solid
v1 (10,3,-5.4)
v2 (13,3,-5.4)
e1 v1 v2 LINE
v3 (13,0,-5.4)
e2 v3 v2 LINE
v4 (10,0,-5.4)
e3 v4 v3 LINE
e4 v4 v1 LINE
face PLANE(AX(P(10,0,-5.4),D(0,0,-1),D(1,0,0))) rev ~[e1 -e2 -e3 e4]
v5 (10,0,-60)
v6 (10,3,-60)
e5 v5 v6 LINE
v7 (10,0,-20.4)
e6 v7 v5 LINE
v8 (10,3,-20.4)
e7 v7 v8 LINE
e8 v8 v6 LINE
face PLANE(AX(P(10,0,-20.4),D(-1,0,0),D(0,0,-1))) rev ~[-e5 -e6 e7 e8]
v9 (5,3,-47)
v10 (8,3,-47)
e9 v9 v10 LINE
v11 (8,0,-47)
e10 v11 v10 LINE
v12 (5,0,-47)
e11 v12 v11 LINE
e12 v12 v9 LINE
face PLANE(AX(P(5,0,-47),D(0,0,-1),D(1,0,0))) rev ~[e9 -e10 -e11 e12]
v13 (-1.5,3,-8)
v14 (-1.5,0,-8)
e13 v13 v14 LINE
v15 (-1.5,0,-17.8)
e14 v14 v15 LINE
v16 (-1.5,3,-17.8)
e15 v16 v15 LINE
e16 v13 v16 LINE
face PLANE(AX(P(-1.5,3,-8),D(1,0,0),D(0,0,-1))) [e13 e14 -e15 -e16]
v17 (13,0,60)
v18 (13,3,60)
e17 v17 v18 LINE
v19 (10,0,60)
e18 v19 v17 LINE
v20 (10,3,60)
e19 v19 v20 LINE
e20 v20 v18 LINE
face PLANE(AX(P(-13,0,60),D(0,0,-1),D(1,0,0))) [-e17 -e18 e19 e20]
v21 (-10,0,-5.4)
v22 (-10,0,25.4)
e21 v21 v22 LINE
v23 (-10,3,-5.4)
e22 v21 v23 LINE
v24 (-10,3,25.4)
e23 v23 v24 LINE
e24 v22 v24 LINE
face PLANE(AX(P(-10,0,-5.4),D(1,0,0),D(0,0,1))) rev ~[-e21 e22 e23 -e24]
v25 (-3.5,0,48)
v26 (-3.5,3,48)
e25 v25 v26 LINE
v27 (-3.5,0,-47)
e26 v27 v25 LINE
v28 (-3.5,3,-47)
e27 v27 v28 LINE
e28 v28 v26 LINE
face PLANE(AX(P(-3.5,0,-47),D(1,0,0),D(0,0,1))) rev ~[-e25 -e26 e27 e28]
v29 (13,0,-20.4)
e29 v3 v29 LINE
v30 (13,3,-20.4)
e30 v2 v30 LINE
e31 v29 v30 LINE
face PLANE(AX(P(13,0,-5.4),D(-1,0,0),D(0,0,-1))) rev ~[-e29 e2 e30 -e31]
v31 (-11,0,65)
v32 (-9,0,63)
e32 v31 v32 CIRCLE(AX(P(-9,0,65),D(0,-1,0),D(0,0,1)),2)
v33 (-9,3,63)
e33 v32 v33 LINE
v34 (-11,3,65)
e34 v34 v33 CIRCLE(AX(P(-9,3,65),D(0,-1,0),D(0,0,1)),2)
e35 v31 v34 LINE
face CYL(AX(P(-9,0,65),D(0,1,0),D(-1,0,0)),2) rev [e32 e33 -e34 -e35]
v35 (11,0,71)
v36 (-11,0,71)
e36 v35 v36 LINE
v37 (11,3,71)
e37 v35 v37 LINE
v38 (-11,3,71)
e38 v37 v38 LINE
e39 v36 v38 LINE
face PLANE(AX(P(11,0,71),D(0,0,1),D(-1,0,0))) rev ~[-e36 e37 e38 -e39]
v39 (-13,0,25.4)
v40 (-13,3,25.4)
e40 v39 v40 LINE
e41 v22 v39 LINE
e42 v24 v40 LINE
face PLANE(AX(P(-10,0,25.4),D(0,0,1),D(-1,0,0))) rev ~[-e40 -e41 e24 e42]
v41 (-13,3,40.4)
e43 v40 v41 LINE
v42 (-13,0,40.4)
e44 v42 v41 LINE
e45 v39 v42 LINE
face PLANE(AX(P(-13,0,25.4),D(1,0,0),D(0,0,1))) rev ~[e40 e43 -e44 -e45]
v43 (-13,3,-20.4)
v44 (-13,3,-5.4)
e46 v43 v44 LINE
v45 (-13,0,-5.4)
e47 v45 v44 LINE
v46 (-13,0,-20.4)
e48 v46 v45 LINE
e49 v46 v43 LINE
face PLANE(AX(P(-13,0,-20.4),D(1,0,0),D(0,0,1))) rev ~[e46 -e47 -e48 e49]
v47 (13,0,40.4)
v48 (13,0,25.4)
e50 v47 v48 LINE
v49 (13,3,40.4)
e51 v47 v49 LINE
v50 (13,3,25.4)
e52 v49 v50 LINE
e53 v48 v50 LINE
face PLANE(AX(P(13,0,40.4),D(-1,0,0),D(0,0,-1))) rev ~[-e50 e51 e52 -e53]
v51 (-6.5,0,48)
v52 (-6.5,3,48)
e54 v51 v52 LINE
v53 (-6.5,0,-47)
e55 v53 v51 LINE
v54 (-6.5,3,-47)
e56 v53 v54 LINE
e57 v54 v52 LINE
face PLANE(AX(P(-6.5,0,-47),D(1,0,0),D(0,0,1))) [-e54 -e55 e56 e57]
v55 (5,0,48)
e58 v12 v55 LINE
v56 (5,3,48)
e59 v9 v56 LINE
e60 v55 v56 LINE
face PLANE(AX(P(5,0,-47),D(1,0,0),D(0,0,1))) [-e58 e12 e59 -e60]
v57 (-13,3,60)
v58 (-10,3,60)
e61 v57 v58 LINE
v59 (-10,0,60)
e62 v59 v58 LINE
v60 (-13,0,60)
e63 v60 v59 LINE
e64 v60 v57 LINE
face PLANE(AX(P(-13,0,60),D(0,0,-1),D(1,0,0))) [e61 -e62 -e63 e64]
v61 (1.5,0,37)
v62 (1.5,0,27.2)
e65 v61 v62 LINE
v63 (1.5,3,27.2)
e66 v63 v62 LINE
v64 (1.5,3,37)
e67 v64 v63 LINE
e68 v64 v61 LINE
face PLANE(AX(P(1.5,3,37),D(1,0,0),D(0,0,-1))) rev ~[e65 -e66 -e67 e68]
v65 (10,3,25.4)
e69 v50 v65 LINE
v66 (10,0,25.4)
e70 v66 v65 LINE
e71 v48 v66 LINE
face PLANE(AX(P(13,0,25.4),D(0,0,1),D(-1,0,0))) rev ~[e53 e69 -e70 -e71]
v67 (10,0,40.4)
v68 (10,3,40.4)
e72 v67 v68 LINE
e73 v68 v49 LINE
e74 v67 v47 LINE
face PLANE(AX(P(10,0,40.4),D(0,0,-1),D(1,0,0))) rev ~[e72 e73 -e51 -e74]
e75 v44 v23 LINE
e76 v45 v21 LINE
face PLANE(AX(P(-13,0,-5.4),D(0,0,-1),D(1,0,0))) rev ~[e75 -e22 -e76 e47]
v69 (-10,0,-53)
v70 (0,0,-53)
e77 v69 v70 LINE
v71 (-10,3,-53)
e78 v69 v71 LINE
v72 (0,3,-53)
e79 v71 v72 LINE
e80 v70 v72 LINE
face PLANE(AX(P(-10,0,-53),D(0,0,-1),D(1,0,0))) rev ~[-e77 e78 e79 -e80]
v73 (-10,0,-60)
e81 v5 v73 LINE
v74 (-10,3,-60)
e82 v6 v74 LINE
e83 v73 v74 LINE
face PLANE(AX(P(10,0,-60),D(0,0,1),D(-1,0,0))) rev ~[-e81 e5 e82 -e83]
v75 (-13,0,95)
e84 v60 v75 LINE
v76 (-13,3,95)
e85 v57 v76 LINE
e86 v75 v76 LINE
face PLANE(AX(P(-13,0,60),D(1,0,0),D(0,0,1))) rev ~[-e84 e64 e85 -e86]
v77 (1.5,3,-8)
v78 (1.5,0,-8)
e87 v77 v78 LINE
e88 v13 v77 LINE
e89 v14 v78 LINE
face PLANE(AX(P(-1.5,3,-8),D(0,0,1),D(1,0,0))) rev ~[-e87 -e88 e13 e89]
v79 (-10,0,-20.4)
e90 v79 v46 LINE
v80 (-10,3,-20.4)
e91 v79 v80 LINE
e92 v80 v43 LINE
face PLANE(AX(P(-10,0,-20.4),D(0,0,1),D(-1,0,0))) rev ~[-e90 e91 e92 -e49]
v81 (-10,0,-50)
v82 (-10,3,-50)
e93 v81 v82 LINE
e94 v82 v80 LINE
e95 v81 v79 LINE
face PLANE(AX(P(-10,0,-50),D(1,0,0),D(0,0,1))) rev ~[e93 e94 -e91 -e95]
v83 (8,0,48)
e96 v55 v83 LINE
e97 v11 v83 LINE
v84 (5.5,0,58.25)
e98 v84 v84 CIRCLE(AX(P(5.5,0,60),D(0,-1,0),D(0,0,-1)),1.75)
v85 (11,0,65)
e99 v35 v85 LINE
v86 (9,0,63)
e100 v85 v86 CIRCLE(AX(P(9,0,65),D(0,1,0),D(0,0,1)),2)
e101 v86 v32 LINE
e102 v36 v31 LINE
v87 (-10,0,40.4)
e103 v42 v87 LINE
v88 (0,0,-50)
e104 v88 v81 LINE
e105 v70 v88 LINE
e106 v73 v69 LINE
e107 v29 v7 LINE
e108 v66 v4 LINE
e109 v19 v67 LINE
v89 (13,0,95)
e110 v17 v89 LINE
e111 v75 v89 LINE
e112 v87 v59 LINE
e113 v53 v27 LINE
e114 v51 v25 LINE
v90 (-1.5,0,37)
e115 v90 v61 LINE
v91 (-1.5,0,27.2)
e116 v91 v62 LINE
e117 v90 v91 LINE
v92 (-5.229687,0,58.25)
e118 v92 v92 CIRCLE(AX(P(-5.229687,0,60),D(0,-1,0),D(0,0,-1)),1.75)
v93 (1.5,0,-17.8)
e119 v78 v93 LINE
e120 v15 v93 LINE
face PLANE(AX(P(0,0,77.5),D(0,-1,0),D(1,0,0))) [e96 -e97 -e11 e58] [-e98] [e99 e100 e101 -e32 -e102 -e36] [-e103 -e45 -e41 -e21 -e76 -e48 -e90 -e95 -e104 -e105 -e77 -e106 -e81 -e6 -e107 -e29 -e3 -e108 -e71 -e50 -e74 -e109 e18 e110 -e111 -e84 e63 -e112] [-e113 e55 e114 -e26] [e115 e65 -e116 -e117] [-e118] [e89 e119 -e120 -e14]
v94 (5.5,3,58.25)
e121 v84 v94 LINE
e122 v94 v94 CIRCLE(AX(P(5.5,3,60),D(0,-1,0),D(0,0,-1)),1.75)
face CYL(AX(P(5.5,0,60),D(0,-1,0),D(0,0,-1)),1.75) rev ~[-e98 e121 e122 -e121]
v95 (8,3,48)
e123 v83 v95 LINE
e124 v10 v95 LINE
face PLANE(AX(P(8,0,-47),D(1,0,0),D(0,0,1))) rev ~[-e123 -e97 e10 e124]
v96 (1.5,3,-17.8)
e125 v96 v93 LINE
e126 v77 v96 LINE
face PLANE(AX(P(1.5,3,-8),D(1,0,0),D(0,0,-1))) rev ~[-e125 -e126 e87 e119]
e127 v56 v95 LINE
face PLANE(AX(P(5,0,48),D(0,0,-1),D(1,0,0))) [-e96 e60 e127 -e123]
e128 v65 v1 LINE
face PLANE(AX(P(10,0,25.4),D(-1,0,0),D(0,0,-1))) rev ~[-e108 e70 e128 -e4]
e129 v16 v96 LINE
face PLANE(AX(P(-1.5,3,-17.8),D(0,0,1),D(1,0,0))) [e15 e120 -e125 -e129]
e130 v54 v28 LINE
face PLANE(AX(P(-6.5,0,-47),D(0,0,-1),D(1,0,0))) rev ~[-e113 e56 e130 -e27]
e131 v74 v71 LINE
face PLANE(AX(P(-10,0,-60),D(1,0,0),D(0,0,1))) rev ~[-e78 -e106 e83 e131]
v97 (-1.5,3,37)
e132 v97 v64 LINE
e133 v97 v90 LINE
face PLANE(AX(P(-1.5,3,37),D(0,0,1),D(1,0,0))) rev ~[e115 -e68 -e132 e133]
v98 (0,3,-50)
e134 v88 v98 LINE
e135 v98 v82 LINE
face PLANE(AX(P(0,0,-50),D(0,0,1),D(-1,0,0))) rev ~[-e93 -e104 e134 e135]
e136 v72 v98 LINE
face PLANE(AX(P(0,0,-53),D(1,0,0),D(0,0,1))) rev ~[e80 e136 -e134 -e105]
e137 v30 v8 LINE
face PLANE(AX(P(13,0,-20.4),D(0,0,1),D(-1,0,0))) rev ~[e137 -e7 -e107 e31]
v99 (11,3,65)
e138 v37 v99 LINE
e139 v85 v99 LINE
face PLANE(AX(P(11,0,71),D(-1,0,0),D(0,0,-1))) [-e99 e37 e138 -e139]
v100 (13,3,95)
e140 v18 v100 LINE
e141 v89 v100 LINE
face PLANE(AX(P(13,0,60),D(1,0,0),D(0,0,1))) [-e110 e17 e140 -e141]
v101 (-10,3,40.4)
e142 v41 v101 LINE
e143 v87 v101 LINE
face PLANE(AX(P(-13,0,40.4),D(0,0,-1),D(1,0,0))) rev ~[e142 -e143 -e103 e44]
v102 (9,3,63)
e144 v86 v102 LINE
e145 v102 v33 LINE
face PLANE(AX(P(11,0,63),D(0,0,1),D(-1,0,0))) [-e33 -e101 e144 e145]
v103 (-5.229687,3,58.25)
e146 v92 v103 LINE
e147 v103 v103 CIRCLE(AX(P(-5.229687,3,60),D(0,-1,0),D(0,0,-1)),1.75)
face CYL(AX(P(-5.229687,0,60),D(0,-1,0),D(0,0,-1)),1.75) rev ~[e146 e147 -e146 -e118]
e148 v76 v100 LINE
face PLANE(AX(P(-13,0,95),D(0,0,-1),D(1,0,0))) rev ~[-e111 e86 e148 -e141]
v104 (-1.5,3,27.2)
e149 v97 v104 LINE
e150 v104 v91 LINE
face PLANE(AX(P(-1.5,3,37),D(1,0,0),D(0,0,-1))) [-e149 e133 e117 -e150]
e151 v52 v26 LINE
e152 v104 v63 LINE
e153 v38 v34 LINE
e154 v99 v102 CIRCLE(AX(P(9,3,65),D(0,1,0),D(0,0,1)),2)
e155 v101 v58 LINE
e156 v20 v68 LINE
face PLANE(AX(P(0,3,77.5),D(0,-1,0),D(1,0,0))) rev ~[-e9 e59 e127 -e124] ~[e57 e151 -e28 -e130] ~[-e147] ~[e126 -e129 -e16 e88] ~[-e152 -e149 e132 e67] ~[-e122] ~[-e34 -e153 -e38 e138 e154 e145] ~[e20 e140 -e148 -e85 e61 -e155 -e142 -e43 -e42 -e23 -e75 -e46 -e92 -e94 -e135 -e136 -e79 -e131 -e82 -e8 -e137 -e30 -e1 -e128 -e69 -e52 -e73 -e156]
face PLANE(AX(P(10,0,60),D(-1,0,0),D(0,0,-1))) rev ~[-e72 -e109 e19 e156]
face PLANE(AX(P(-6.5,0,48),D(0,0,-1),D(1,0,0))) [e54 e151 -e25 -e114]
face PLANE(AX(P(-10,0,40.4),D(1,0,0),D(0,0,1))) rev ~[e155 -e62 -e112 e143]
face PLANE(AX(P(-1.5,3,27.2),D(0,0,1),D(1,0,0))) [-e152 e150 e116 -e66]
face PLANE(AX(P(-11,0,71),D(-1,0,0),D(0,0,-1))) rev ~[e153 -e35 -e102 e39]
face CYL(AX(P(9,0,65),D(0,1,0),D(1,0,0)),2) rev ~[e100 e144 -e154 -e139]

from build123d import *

# Parameters (mm, degrees)
EXTRUDE_1_DEPTH     = 3
SKETCH_3_W          = 3
SKETCH_3_H          = 9.8
CUT_EXTRUDE_1_DEPTH = 10
SKETCH_4_W          = 26
SKETCH_4_H          = 35
EXTRUDE_2_DEPTH     = 3
SKETCH_5_W          = 22
SKETCH_5_H          = 8
CUT_EXTRUDE_2_DEPTH = 19
SKETCH_6_W          = 3
SKETCH_6_H          = 95
CUT_EXTRUDE_3_DEPTH = 25
FILLET_1_R          = 2
SKETCH_7_R          = 1.75
CUT_EXTRUDE_4_DEPTH = 10
SKETCH_8_R          = 1.75
SKETCH_8_W          = 3
SKETCH_8_H          = 95
CUT_EXTRUDE_5_DEPTH = 10


with BuildPart() as part:
    # Эскиз2 → Бобышка-Вытянуть1 (new body)
    with BuildSketch(Plane(origin=(0, 0, 0), x_dir=(1, 0, 0), z_dir=(0, 1, 0))):
        Polygon((-10, -60), (10, -60), (10, -40.4), (13, -40.4), (13, -25.4), (10, -25.4), (10, 5.4), (13, 5.4), (13, 20.4), (10, 20.4), (10, 60), (-10, 60), (-10, 53), (0, 53), (0, 50), (-10, 50), (-10, 20.4), (-13, 20.4), (-13, 5.4), (-10, 5.4), (-10, -25.4), (-13, -25.4), (-13, -40.4), (-10, -40.4), align=None)
    extrude(amount=EXTRUDE_1_DEPTH)

    # Эскиз3 → Вырез-Вытянуть1 (cut)
    with BuildSketch(Plane(origin=(0, 3, 0), x_dir=(1, 0, 0), z_dir=(0, 1, 0))):
        with Locations((0, 12.9)):
            Rectangle(SKETCH_3_W, SKETCH_3_H)
        with Locations((0, -32.1)):
            Rectangle(SKETCH_3_W, SKETCH_3_H)
    extrude(amount=-CUT_EXTRUDE_1_DEPTH, mode=Mode.SUBTRACT)

    # Эскиз4 → Бобышка-Вытянуть2 (add)
    with BuildSketch(Plane.XZ):
        with Locations((0, 77.5)):
            Rectangle(SKETCH_4_W, SKETCH_4_H)
    extrude(amount=-EXTRUDE_2_DEPTH)

    # Эскиз5 → Вырез-Вытянуть2 (cut)
    with BuildSketch(Plane(origin=(0, 0, 0), x_dir=(-1, 0, 0), z_dir=(0, -1, 0))):
        with Locations((0, -67)):
            Rectangle(SKETCH_5_W, SKETCH_5_H)
    extrude(amount=-CUT_EXTRUDE_2_DEPTH, mode=Mode.SUBTRACT)

    # Эскиз6 → Вырез-Вытянуть3 (cut)
    with BuildSketch(Plane.XZ):
        with Locations((6.5, 0.5)):
            Rectangle(SKETCH_6_W, SKETCH_6_H)
    extrude(amount=-CUT_EXTRUDE_3_DEPTH, mode=Mode.SUBTRACT)

    # Скругление1
    fillet_1_edges = [part.edges().sort_by_distance(p)[0] for p in [
        (-11, 1.5, 63),
        (11, 1.5, 63),
    ]]
    fillet(fillet_1_edges, radius=FILLET_1_R)

    # Эскиз7 → Вырез-Вытянуть4 (cut)
    with BuildSketch(Plane.XZ):
        with Locations(Location((5.5, 60, 0), (0, 0, 270))):
            Circle(SKETCH_7_R)
    extrude(amount=-CUT_EXTRUDE_4_DEPTH, mode=Mode.SUBTRACT)

    # Эскиз8 → Вырез-Вытянуть5 (cut)
    with BuildSketch(Plane.XZ):
        with Locations(Location((-5.229687219, 60, 0), (0, 0, 270))):
            Circle(SKETCH_8_R)
        with Locations((-5, 0.5)):
            Rectangle(SKETCH_8_W, SKETCH_8_H)
    extrude(amount=-CUT_EXTRUDE_5_DEPTH, mode=Mode.SUBTRACT)


solid = part.part
